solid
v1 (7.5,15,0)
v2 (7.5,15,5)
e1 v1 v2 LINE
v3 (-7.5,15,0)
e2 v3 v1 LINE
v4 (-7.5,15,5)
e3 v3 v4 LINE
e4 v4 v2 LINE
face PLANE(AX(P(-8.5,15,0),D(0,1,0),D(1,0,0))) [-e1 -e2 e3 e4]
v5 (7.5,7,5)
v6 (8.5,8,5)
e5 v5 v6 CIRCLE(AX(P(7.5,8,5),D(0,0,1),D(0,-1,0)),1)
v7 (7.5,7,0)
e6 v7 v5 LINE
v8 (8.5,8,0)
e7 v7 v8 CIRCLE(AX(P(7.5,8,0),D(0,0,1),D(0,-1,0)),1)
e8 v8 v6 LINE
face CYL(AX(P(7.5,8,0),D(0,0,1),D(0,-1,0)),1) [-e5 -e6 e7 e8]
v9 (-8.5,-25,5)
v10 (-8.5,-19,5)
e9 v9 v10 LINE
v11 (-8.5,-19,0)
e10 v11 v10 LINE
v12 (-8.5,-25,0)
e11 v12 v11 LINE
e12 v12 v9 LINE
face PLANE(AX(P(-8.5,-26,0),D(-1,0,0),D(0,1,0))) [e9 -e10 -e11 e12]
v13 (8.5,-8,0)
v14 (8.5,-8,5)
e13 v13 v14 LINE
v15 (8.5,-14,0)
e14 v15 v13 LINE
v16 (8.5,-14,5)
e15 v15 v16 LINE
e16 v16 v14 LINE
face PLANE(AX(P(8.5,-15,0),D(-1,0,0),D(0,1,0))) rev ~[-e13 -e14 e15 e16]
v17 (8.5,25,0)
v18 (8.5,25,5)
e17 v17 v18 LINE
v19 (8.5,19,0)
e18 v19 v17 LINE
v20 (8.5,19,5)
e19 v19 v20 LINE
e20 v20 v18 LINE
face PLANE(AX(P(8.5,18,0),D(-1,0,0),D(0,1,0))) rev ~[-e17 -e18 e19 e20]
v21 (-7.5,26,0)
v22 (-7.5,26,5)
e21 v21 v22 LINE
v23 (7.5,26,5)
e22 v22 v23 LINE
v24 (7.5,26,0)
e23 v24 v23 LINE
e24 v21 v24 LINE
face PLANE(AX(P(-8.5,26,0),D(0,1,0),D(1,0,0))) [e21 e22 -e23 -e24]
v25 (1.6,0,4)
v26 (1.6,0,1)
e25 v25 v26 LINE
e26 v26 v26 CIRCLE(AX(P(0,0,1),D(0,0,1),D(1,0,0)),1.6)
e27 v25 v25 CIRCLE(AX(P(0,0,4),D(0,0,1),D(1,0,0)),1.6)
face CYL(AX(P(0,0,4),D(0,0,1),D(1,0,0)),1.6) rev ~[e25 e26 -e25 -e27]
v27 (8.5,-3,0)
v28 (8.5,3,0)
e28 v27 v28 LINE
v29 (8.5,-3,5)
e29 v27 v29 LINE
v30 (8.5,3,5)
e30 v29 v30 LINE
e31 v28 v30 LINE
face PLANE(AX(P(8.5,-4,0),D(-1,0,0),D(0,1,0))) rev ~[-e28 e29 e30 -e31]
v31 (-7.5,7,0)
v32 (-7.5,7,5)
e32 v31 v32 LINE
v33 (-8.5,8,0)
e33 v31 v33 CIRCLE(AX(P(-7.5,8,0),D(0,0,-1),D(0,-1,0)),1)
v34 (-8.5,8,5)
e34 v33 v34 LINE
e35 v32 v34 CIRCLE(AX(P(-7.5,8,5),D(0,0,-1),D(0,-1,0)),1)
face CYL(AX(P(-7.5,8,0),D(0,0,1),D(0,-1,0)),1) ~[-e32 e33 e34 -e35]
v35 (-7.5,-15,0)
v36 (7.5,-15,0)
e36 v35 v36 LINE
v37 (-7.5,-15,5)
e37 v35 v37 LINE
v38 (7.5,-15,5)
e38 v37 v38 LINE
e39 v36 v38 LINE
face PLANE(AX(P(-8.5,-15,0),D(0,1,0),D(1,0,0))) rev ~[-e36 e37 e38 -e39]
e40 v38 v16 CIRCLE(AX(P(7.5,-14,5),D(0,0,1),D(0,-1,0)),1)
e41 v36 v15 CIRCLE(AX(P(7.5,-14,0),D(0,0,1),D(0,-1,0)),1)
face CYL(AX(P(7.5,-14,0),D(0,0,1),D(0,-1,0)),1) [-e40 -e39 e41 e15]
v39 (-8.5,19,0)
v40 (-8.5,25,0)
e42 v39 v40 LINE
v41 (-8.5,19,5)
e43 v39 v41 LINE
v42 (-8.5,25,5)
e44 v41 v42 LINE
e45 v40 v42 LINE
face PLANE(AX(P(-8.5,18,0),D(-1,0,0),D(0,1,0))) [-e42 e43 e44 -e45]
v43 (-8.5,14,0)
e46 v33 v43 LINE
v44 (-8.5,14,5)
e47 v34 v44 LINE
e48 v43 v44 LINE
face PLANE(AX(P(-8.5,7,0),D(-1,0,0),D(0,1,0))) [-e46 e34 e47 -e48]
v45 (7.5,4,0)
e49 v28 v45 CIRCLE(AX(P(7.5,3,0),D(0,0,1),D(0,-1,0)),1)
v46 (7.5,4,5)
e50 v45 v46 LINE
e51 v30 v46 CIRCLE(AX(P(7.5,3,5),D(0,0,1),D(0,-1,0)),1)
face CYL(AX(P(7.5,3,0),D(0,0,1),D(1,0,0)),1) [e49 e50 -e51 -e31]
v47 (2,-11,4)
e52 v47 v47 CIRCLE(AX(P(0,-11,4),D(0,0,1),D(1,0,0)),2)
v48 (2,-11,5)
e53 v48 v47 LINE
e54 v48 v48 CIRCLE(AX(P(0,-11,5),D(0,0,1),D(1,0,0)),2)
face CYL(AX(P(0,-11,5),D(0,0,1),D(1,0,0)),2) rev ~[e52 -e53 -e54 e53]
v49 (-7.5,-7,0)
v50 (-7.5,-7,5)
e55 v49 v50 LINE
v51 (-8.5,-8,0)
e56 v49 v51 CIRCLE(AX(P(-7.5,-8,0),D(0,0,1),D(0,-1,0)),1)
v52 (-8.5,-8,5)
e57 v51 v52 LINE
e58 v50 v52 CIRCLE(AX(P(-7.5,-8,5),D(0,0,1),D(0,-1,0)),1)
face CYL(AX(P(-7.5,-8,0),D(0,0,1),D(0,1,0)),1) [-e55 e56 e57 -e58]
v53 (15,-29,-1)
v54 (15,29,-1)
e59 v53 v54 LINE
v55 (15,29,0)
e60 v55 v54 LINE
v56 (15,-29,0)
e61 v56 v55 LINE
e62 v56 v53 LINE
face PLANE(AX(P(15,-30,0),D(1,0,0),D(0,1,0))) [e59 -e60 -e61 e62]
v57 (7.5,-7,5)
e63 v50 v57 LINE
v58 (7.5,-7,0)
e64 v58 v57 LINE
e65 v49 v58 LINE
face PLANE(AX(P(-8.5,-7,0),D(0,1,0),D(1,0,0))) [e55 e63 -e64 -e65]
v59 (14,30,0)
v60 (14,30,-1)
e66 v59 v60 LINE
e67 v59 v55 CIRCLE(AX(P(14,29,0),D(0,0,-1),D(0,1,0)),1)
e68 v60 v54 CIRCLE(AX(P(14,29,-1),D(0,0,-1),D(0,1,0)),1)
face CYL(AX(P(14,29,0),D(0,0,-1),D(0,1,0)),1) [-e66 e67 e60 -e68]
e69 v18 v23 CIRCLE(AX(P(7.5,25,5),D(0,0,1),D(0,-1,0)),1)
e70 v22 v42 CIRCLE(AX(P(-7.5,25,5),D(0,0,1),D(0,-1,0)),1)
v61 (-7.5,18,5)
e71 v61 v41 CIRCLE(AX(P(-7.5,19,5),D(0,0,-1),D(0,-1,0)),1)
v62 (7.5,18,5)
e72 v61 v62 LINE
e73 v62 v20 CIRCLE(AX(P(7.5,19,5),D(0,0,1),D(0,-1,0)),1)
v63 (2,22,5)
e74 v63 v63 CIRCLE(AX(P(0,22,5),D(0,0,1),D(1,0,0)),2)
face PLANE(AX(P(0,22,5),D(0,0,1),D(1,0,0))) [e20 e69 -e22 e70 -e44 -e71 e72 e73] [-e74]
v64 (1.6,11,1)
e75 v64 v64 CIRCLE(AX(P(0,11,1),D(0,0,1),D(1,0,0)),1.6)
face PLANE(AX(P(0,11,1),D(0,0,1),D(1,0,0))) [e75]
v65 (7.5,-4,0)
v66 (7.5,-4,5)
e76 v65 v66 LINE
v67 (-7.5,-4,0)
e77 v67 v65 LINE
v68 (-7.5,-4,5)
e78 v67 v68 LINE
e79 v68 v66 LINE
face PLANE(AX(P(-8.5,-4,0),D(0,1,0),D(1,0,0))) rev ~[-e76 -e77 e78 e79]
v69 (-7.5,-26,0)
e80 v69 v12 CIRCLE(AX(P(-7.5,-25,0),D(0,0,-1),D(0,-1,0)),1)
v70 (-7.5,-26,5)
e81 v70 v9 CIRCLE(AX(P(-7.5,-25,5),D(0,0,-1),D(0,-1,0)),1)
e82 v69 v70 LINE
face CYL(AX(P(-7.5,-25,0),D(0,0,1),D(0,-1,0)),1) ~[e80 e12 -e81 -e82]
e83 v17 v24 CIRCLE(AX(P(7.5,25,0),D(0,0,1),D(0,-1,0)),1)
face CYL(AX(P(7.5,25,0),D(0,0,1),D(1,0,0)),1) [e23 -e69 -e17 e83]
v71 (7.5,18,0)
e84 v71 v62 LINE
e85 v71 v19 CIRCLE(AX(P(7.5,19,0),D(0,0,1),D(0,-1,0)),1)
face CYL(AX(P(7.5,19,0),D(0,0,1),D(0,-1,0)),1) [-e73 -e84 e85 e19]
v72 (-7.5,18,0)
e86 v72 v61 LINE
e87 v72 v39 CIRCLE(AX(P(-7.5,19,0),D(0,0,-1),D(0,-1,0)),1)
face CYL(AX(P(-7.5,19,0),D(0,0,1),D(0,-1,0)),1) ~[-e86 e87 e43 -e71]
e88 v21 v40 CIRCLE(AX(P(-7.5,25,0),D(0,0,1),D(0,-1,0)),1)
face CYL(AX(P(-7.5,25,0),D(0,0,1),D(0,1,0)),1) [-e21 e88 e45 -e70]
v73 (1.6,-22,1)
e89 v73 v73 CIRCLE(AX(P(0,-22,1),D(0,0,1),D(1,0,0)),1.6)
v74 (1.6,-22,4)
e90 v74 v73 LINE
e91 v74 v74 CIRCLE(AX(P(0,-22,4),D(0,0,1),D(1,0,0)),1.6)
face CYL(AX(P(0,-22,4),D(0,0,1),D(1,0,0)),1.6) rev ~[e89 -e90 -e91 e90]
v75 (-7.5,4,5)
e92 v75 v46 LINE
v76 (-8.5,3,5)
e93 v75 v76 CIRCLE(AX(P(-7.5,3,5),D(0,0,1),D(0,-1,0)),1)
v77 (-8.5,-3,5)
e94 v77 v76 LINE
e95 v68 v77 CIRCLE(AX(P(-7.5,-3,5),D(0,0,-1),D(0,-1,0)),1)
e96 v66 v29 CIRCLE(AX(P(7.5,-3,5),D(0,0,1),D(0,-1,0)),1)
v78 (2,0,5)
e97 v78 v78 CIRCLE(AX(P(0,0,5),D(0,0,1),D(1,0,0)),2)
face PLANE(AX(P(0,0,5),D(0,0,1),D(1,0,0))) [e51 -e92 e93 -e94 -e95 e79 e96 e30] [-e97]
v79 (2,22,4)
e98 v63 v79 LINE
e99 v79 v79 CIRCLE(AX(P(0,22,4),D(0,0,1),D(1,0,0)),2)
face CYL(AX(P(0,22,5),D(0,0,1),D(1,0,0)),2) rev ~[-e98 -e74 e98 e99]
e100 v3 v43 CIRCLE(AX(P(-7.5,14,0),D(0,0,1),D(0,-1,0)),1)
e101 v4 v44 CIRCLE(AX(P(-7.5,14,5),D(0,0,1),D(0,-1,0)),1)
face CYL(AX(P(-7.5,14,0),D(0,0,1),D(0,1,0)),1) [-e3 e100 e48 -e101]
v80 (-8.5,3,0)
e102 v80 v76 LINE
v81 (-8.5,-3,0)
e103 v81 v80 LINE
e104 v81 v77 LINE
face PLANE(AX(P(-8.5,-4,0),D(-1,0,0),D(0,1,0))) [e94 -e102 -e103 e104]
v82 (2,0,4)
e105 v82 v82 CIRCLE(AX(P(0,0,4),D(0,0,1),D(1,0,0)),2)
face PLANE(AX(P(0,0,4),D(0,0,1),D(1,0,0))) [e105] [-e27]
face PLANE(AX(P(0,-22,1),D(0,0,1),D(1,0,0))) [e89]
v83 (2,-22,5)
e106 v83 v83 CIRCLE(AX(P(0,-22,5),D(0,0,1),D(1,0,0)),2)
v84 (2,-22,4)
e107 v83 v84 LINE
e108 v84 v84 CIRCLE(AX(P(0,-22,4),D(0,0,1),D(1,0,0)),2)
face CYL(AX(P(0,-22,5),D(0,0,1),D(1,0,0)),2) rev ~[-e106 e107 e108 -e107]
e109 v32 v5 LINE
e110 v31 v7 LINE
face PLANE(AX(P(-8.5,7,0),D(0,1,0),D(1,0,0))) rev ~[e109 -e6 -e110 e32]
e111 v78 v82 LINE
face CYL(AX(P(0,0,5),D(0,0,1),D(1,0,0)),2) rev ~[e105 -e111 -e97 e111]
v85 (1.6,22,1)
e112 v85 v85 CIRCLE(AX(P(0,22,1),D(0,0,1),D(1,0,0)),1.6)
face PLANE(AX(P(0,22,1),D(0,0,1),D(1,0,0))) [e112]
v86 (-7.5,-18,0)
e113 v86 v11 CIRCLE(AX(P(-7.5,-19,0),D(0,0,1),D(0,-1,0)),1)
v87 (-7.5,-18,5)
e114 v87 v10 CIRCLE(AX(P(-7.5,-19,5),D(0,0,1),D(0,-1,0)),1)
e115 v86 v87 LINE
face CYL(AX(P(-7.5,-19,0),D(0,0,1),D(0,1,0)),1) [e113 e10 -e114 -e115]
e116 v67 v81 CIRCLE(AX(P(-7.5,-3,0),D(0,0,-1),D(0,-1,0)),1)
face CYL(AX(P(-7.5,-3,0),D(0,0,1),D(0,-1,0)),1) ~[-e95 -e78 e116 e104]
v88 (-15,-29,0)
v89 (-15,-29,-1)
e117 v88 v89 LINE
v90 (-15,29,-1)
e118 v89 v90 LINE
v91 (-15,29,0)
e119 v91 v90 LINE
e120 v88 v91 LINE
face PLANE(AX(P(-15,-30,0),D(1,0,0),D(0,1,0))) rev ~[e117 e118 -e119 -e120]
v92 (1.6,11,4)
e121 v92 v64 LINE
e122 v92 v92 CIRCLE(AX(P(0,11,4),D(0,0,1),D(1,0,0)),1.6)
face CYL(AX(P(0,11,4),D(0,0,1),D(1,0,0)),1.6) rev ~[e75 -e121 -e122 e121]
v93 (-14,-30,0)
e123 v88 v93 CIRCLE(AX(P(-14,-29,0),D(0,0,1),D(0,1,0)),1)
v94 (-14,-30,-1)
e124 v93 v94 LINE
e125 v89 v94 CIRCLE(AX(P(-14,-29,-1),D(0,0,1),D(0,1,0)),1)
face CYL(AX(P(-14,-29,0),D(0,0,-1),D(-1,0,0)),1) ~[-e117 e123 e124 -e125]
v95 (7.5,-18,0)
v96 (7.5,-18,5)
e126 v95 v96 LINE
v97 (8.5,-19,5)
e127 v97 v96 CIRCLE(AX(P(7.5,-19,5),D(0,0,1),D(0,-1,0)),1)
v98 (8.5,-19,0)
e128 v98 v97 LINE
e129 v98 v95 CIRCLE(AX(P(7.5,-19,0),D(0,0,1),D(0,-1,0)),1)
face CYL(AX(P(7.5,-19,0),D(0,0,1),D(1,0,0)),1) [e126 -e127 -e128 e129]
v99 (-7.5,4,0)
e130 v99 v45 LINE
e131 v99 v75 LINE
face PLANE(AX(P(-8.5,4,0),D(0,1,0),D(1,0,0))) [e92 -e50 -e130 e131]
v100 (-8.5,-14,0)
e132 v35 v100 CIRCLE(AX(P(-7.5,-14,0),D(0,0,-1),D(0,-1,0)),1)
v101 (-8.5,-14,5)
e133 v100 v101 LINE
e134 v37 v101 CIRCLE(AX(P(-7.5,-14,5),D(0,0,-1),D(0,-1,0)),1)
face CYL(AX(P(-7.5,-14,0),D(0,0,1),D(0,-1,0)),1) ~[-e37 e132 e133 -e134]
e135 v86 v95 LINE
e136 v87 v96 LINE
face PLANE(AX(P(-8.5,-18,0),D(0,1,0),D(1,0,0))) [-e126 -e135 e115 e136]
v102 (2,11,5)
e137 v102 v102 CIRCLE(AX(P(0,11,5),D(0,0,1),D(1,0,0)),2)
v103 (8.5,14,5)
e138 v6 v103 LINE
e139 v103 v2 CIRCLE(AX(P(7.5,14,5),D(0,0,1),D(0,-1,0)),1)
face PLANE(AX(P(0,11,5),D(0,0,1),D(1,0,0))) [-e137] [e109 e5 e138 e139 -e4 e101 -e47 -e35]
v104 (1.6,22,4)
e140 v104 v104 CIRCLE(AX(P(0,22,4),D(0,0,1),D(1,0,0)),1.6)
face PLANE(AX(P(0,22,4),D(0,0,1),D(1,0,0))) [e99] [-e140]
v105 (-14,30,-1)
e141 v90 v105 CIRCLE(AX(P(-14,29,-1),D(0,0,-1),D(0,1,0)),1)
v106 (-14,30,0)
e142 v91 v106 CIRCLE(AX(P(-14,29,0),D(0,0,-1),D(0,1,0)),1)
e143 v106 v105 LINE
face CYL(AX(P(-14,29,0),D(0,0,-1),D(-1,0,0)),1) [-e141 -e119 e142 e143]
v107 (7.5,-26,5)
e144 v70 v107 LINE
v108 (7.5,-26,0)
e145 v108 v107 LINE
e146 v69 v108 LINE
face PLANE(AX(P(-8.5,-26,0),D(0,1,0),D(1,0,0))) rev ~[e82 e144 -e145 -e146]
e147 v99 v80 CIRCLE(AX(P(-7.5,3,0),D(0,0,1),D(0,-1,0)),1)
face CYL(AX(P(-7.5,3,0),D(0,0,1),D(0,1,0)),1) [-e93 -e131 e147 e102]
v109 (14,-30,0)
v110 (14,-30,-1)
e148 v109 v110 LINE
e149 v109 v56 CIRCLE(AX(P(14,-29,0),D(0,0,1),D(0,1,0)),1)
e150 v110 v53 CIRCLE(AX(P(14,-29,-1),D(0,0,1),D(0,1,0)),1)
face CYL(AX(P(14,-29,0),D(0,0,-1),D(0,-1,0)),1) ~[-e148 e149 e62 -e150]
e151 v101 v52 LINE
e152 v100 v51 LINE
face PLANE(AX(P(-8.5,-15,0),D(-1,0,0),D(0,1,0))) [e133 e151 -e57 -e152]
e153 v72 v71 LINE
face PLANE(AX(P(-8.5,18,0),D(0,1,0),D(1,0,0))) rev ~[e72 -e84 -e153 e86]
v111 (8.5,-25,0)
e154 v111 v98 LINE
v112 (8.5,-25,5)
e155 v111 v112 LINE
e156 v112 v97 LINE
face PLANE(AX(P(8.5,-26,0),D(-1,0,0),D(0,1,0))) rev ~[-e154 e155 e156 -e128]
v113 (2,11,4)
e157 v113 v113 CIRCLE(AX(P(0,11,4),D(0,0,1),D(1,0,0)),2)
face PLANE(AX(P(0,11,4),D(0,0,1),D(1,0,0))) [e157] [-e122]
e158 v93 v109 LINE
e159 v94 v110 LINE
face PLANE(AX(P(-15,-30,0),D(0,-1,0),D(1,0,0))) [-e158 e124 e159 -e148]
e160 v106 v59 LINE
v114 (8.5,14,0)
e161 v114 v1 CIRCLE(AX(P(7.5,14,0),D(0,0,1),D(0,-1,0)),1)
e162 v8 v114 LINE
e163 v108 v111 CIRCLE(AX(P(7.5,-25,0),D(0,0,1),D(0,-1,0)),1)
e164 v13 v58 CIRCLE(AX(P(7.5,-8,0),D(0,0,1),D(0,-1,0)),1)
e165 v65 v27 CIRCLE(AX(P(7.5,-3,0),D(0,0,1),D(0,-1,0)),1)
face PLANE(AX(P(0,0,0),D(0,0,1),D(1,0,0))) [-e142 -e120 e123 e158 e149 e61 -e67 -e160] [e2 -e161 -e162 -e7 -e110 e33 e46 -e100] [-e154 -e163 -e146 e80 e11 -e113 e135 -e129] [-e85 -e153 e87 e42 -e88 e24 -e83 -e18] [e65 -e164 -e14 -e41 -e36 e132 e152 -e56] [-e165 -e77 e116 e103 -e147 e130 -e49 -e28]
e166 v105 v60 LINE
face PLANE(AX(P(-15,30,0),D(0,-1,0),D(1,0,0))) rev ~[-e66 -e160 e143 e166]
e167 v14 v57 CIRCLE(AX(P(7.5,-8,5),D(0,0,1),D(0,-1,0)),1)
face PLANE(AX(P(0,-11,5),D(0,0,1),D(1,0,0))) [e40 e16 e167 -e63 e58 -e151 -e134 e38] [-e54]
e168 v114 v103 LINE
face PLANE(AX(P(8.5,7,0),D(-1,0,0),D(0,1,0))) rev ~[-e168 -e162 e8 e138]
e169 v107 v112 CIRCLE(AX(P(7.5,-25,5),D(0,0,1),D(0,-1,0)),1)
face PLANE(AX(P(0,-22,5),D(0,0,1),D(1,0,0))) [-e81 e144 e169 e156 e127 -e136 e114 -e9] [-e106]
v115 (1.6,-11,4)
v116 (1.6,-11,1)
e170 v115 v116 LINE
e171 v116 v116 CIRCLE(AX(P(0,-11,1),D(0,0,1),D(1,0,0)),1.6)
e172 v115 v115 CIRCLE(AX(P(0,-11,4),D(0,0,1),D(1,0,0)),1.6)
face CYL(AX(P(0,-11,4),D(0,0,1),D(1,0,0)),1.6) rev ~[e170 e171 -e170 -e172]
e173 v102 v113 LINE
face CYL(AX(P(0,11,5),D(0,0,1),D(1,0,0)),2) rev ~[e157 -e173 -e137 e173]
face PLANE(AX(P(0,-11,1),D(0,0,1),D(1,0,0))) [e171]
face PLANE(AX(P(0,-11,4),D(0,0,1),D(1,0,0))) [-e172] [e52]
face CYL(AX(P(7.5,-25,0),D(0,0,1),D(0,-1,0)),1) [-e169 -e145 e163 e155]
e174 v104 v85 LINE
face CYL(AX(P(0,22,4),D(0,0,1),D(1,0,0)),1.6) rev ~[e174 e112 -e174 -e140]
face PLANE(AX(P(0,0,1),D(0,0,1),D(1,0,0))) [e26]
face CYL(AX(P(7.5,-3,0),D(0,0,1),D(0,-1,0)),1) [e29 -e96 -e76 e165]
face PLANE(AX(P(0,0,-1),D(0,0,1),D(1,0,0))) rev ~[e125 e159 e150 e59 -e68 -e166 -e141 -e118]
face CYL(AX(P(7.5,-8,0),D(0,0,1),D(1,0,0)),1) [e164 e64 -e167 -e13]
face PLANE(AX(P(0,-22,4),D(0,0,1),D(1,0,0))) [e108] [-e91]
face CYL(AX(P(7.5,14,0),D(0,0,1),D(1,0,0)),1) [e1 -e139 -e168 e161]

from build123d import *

# Parameters (mm, degrees)
F0_W     = 30
F0_H     = 60
F1_DEPTH = 1
F2_W     = 17
F2_H     = 8
F3_DEPTH = 5
F4_R     = 2
F5_DEPTH = 1
F6_R     = 1
F7_R     = 1.6
F8_DEPTH = 3


with BuildPart() as f1:
    # F0 (on Top) → F1 (new body)
    with BuildSketch(Plane.XY):
        Rectangle(F0_W, F0_H)
    extrude(amount=-F1_DEPTH)

    # F2 (on Top) → F3 (join)
    with BuildSketch(Plane.XY):
        Rectangle(F2_W, F2_H)
        with Locations((0, -11)):
            Rectangle(F2_W, F2_H)
        with Locations((0, 11)):
            Rectangle(F2_W, F2_H)
        with Locations((0, -22)):
            Rectangle(F2_W, F2_H)
        with Locations((0, 22)):
            Rectangle(F2_W, F2_H)
    extrude(amount=F3_DEPTH)

    # F4 (on face) → F5 (cut)
    with BuildSketch(Plane.XY.offset(5)):
        Circle(F4_R)
        with Locations((0, 11)):
            Circle(F4_R)
        with Locations((0, 22)):
            Circle(F4_R)
        with Locations((0, -11)):
            Circle(F4_R)
        with Locations((0, -22)):
            Circle(F4_R)
    extrude(amount=-F5_DEPTH, mode=Mode.SUBTRACT)

    # F6
    f6_edges = [f1.edges().sort_by_distance(p)[0] for p in [
        (-8.5, 4, 2.5),
        (8.5, 4, 2.5),
        (8.5, -4, 2.5),
        (-8.5, -4, 2.5),
        (-15, 30, -0.5),
        (15, 30, -0.5),
        (15, -30, -0.5),
        (-15, -30, -0.5),
        (-8.5, -26, 2.5),
        (-8.5, -15, 2.5),
        (-8.5, -7, 2.5),
        (-8.5, 7, 2.5),
        (-8.5, 15, 2.5),
        (-8.5, 18, 2.5),
        (-8.5, 26, 2.5),
        (-8.5, -18, 2.5),
        (8.5, -26, 2.5),
        (8.5, -18, 2.5),
        (8.5, -15, 2.5),
        (8.5, -7, 2.5),
        (8.5, 7, 2.5),
        (8.5, 15, 2.5),
        (8.5, 18, 2.5),
        (8.5, 26, 2.5),
    ]]
    fillet(f6_edges, radius=F6_R)

    # F7 (on face) → F8 (cut)
    with BuildSketch(Plane.XY.offset(4)):
        Circle(F7_R)
        with Locations((0, -11)):
            Circle(F7_R)
        with Locations((0, -22)):
            Circle(F7_R)
        with Locations((0, 11)):
            Circle(F7_R)
        with Locations((0, 22)):
            Circle(F7_R)
    extrude(amount=-F8_DEPTH, mode=Mode.SUBTRACT)


solid = f1.part
